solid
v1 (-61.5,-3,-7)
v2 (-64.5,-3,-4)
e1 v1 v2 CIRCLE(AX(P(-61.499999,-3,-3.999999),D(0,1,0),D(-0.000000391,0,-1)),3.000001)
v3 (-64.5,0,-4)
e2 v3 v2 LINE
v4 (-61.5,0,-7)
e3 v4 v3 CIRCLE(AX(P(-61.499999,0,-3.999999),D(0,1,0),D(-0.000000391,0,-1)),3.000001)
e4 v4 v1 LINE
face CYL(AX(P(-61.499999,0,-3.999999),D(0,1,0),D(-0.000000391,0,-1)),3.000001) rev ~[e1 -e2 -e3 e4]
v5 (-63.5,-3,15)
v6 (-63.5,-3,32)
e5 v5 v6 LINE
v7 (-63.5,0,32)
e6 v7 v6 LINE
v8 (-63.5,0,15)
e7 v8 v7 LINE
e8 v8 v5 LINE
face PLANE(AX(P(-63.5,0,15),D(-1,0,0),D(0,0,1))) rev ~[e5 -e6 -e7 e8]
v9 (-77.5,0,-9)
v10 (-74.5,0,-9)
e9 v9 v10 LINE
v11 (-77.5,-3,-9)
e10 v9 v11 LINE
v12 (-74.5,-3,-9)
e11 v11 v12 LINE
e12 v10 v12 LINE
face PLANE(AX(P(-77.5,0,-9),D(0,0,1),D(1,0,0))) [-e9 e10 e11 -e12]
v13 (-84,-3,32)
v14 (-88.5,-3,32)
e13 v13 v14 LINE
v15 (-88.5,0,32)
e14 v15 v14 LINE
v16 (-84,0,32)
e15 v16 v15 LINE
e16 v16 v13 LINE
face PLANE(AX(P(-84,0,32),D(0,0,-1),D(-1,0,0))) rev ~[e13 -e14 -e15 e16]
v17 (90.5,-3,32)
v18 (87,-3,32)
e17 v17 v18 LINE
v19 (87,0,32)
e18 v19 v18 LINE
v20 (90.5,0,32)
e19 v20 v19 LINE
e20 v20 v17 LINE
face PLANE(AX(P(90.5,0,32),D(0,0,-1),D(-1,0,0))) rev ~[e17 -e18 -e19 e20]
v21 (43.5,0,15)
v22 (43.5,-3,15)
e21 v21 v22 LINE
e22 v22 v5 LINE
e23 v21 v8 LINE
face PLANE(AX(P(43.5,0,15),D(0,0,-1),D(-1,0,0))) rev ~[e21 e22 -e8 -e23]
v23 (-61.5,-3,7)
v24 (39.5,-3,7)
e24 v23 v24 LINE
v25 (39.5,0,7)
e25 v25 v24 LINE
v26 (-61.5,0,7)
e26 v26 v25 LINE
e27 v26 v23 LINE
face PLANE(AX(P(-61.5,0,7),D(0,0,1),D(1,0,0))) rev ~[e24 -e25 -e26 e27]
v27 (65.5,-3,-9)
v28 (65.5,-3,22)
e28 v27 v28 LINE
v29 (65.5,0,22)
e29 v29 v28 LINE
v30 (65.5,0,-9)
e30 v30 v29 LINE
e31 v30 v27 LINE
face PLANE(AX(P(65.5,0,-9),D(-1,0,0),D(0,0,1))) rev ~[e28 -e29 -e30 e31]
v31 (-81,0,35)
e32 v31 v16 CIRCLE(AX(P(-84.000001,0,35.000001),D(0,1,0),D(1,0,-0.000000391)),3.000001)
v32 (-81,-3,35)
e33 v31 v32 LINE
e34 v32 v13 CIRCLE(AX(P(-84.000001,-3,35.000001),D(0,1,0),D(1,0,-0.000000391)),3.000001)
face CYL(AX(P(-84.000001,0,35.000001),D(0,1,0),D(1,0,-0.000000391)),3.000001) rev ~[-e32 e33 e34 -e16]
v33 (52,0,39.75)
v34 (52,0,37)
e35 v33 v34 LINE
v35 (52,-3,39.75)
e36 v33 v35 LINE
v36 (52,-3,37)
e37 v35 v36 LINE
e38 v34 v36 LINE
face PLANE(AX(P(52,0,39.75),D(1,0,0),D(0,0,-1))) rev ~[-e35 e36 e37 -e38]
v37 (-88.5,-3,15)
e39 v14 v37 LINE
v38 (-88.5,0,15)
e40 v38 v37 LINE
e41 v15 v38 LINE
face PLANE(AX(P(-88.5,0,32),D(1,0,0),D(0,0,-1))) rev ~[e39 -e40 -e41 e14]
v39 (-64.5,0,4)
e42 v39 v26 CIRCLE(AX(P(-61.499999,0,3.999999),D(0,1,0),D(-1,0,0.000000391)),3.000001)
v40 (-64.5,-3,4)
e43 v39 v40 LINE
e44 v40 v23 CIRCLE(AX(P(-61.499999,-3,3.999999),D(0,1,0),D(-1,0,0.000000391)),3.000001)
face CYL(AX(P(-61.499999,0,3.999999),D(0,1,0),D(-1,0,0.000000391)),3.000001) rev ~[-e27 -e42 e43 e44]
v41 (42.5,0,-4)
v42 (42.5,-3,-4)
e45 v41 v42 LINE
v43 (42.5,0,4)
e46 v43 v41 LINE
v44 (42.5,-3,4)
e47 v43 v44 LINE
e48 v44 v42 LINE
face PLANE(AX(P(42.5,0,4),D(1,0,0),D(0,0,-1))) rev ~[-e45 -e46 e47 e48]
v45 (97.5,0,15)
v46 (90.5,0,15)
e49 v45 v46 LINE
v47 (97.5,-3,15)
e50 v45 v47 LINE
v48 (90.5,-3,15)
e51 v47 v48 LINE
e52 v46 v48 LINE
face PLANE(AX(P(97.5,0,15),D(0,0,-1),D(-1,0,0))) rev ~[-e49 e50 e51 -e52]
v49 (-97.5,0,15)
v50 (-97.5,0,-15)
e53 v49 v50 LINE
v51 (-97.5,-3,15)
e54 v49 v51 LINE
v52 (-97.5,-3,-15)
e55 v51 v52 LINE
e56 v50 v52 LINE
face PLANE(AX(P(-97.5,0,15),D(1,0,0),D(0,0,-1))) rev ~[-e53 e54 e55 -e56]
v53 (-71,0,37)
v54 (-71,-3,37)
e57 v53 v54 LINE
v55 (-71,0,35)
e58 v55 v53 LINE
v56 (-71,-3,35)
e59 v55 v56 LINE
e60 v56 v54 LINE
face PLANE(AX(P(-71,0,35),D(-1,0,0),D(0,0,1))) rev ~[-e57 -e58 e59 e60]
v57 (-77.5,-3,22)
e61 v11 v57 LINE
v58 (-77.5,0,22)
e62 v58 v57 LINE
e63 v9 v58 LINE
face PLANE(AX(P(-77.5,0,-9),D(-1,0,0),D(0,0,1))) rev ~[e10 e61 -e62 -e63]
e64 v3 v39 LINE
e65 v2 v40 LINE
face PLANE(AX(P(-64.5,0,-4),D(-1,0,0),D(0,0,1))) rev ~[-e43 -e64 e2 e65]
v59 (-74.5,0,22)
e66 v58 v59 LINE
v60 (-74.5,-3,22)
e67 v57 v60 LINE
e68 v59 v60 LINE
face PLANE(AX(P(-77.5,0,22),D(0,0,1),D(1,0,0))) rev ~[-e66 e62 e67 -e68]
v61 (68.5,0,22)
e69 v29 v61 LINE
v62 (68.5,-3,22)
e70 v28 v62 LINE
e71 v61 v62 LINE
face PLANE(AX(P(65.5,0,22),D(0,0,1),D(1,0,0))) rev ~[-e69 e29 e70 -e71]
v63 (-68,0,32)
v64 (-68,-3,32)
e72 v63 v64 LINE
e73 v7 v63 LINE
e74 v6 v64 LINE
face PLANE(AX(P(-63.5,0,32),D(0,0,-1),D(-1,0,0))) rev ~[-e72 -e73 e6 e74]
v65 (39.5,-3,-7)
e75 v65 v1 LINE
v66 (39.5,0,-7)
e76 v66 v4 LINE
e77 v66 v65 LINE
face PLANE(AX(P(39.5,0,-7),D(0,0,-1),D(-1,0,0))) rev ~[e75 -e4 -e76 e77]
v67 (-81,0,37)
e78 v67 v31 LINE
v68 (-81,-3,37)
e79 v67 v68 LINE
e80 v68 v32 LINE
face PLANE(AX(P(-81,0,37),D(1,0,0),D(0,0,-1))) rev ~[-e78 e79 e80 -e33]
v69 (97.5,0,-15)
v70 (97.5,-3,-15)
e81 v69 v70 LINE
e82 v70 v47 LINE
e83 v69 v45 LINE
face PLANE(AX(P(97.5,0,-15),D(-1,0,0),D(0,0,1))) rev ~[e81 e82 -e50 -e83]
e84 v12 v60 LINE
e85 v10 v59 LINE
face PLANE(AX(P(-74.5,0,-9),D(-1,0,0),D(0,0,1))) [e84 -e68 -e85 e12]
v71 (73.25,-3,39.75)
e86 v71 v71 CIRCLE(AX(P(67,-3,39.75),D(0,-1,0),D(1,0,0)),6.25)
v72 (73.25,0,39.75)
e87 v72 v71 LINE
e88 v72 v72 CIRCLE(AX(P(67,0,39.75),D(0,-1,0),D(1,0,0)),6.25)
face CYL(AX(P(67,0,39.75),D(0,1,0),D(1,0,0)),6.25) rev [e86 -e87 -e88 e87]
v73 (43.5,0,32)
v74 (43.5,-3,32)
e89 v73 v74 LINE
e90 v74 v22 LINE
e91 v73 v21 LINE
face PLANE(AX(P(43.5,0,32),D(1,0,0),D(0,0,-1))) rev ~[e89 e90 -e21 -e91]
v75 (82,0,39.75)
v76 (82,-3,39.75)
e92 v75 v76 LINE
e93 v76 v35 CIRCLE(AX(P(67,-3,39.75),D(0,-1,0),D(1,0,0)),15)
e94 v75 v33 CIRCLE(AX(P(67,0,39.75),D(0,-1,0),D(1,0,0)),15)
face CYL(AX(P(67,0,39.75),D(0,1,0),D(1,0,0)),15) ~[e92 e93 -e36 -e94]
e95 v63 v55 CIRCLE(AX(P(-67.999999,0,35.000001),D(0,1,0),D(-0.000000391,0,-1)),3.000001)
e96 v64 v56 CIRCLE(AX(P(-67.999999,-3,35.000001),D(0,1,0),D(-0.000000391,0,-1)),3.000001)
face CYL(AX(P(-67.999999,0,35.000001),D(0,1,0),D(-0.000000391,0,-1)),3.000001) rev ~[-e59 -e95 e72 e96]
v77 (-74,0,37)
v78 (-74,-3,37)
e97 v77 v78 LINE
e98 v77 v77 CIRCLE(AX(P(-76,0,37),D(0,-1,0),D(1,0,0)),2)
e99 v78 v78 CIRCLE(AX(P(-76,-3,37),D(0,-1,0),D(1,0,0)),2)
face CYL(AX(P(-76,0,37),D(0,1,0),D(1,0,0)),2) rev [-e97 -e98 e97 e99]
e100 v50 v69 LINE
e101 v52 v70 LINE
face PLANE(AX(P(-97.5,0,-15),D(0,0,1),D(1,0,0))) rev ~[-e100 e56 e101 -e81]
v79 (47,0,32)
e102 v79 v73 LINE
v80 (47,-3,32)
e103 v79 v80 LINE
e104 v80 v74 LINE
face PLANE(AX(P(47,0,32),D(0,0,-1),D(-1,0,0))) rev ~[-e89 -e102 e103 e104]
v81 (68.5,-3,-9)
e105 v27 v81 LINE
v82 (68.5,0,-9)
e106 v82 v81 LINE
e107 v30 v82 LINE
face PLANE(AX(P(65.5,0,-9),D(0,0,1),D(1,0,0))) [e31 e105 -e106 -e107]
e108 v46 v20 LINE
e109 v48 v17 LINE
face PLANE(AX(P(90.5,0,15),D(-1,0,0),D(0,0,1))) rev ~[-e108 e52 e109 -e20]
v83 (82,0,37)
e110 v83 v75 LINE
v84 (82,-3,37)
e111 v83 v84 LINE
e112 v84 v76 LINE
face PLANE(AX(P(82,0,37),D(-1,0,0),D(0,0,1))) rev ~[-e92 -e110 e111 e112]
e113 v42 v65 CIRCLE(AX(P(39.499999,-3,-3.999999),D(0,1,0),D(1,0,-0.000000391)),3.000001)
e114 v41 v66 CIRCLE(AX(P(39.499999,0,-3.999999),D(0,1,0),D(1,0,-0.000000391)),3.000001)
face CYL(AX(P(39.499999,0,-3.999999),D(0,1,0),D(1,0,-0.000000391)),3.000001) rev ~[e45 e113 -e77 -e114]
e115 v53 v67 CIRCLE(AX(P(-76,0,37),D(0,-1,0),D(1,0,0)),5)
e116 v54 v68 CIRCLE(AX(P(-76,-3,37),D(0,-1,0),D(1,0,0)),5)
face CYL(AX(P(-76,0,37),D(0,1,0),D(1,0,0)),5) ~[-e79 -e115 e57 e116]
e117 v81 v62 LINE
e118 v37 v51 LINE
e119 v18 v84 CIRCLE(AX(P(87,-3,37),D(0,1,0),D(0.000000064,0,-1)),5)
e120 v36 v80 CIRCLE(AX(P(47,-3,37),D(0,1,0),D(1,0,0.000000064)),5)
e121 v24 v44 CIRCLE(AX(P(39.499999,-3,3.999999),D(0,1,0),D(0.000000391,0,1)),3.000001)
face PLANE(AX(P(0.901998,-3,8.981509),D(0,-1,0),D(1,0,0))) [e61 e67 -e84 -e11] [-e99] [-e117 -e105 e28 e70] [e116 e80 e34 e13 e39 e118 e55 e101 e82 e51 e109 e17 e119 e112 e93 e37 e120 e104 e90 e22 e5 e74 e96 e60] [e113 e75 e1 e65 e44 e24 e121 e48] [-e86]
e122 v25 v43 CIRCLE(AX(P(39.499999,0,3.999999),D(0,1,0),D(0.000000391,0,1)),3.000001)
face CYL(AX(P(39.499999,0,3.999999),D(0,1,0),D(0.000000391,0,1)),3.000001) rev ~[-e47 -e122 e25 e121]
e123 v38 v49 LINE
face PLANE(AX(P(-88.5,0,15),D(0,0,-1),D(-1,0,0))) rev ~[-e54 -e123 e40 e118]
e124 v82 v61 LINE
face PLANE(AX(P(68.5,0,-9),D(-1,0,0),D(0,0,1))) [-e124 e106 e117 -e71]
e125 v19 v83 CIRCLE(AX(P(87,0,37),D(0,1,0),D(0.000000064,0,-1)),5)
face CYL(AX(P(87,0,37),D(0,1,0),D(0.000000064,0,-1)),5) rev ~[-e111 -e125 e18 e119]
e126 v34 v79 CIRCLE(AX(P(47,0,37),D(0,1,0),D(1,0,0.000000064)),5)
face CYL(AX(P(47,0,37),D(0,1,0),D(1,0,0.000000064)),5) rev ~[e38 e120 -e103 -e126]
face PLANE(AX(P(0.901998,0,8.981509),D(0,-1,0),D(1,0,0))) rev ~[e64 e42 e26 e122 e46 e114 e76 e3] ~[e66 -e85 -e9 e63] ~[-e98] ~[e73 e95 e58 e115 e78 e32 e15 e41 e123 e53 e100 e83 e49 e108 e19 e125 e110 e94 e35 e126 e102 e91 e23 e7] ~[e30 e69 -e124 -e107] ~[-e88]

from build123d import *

# Parameters (mm, degrees)
F0_W     = 3
F0_H     = 31
F0_R     = 2
F0_R_2   = 6.25
F1_DEPTH = 3


with BuildPart() as f1:
    # F0 (on Front) → F1 (new body)
    with BuildSketch(Plane.XZ):
        with BuildLine():
            Line((-97.5, -15), (97.5, -15))
            Line((97.5, -15), (97.5, 15))
            Line((97.5, 15), (90.5, 15))
            Line((90.5, 15), (90.5, 32))
            Line((90.5, 32), (87, 32))
            ThreePointArc((87, 32), (83.464466, 33.464466), (82, 37))
            Line((82, 37), (82, 39.75))
            ThreePointArc((82, 39.75), (67, 54.75), (52, 39.75))
            Line((52, 39.75), (52, 37))
            ThreePointArc((52, 37), (50.535534, 33.464466), (47, 32))
            Line((47, 32), (43.5, 32))
            Line((43.5, 32), (43.5, 15))
            Line((43.5, 15), (-63.5, 15))
            Line((-63.5, 15), (-63.5, 32))
            Line((-63.5, 32), (-68, 32))
            ThreePointArc((-68, 32), (-70.12132, 32.87868), (-71, 35))
            Line((-71, 35), (-71, 37))
            ThreePointArc((-71, 37), (-76, 42), (-81, 37))
            Line((-81, 37), (-81, 35))
            ThreePointArc((-81, 35), (-81.87868, 32.87868), (-84, 32))
            Line((-84, 32), (-88.5, 32))
            Line((-88.5, 32), (-88.5, 15))
            Line((-88.5, 15), (-97.5, 15))
            Line((-97.5, 15), (-97.5, -15))
        make_face()
        with BuildLine():
            ThreePointArc((-64.5, 4), (-63.62132, 6.12132), (-61.5, 7))
            Line((-61.5, 7), (39.5, 7))
            ThreePointArc((39.5, 7), (41.62132, 6.12132), (42.5, 4))
            Line((42.5, 4), (42.5, -4))
            ThreePointArc((42.5, -4), (41.62132, -6.12132), (39.5, -7))
            Line((39.5, -7), (-61.5, -7))
            ThreePointArc((-61.5, -7), (-63.62132, -6.12132), (-64.5, -4))
            Line((-64.5, -4), (-64.5, 4))
        make_face(mode=Mode.SUBTRACT)
        with Locations((-76, 6.5)):
            Rectangle(F0_W, F0_H, mode=Mode.SUBTRACT)
        with Locations((67, 6.5)):
            Rectangle(F0_W, F0_H, mode=Mode.SUBTRACT)
        with Locations((-76, 37)):
            Circle(F0_R, mode=Mode.SUBTRACT)
        with Locations((67, 39.75)):
            Circle(F0_R_2, mode=Mode.SUBTRACT)
    extrude(amount=F1_DEPTH)


solid = f1.part
